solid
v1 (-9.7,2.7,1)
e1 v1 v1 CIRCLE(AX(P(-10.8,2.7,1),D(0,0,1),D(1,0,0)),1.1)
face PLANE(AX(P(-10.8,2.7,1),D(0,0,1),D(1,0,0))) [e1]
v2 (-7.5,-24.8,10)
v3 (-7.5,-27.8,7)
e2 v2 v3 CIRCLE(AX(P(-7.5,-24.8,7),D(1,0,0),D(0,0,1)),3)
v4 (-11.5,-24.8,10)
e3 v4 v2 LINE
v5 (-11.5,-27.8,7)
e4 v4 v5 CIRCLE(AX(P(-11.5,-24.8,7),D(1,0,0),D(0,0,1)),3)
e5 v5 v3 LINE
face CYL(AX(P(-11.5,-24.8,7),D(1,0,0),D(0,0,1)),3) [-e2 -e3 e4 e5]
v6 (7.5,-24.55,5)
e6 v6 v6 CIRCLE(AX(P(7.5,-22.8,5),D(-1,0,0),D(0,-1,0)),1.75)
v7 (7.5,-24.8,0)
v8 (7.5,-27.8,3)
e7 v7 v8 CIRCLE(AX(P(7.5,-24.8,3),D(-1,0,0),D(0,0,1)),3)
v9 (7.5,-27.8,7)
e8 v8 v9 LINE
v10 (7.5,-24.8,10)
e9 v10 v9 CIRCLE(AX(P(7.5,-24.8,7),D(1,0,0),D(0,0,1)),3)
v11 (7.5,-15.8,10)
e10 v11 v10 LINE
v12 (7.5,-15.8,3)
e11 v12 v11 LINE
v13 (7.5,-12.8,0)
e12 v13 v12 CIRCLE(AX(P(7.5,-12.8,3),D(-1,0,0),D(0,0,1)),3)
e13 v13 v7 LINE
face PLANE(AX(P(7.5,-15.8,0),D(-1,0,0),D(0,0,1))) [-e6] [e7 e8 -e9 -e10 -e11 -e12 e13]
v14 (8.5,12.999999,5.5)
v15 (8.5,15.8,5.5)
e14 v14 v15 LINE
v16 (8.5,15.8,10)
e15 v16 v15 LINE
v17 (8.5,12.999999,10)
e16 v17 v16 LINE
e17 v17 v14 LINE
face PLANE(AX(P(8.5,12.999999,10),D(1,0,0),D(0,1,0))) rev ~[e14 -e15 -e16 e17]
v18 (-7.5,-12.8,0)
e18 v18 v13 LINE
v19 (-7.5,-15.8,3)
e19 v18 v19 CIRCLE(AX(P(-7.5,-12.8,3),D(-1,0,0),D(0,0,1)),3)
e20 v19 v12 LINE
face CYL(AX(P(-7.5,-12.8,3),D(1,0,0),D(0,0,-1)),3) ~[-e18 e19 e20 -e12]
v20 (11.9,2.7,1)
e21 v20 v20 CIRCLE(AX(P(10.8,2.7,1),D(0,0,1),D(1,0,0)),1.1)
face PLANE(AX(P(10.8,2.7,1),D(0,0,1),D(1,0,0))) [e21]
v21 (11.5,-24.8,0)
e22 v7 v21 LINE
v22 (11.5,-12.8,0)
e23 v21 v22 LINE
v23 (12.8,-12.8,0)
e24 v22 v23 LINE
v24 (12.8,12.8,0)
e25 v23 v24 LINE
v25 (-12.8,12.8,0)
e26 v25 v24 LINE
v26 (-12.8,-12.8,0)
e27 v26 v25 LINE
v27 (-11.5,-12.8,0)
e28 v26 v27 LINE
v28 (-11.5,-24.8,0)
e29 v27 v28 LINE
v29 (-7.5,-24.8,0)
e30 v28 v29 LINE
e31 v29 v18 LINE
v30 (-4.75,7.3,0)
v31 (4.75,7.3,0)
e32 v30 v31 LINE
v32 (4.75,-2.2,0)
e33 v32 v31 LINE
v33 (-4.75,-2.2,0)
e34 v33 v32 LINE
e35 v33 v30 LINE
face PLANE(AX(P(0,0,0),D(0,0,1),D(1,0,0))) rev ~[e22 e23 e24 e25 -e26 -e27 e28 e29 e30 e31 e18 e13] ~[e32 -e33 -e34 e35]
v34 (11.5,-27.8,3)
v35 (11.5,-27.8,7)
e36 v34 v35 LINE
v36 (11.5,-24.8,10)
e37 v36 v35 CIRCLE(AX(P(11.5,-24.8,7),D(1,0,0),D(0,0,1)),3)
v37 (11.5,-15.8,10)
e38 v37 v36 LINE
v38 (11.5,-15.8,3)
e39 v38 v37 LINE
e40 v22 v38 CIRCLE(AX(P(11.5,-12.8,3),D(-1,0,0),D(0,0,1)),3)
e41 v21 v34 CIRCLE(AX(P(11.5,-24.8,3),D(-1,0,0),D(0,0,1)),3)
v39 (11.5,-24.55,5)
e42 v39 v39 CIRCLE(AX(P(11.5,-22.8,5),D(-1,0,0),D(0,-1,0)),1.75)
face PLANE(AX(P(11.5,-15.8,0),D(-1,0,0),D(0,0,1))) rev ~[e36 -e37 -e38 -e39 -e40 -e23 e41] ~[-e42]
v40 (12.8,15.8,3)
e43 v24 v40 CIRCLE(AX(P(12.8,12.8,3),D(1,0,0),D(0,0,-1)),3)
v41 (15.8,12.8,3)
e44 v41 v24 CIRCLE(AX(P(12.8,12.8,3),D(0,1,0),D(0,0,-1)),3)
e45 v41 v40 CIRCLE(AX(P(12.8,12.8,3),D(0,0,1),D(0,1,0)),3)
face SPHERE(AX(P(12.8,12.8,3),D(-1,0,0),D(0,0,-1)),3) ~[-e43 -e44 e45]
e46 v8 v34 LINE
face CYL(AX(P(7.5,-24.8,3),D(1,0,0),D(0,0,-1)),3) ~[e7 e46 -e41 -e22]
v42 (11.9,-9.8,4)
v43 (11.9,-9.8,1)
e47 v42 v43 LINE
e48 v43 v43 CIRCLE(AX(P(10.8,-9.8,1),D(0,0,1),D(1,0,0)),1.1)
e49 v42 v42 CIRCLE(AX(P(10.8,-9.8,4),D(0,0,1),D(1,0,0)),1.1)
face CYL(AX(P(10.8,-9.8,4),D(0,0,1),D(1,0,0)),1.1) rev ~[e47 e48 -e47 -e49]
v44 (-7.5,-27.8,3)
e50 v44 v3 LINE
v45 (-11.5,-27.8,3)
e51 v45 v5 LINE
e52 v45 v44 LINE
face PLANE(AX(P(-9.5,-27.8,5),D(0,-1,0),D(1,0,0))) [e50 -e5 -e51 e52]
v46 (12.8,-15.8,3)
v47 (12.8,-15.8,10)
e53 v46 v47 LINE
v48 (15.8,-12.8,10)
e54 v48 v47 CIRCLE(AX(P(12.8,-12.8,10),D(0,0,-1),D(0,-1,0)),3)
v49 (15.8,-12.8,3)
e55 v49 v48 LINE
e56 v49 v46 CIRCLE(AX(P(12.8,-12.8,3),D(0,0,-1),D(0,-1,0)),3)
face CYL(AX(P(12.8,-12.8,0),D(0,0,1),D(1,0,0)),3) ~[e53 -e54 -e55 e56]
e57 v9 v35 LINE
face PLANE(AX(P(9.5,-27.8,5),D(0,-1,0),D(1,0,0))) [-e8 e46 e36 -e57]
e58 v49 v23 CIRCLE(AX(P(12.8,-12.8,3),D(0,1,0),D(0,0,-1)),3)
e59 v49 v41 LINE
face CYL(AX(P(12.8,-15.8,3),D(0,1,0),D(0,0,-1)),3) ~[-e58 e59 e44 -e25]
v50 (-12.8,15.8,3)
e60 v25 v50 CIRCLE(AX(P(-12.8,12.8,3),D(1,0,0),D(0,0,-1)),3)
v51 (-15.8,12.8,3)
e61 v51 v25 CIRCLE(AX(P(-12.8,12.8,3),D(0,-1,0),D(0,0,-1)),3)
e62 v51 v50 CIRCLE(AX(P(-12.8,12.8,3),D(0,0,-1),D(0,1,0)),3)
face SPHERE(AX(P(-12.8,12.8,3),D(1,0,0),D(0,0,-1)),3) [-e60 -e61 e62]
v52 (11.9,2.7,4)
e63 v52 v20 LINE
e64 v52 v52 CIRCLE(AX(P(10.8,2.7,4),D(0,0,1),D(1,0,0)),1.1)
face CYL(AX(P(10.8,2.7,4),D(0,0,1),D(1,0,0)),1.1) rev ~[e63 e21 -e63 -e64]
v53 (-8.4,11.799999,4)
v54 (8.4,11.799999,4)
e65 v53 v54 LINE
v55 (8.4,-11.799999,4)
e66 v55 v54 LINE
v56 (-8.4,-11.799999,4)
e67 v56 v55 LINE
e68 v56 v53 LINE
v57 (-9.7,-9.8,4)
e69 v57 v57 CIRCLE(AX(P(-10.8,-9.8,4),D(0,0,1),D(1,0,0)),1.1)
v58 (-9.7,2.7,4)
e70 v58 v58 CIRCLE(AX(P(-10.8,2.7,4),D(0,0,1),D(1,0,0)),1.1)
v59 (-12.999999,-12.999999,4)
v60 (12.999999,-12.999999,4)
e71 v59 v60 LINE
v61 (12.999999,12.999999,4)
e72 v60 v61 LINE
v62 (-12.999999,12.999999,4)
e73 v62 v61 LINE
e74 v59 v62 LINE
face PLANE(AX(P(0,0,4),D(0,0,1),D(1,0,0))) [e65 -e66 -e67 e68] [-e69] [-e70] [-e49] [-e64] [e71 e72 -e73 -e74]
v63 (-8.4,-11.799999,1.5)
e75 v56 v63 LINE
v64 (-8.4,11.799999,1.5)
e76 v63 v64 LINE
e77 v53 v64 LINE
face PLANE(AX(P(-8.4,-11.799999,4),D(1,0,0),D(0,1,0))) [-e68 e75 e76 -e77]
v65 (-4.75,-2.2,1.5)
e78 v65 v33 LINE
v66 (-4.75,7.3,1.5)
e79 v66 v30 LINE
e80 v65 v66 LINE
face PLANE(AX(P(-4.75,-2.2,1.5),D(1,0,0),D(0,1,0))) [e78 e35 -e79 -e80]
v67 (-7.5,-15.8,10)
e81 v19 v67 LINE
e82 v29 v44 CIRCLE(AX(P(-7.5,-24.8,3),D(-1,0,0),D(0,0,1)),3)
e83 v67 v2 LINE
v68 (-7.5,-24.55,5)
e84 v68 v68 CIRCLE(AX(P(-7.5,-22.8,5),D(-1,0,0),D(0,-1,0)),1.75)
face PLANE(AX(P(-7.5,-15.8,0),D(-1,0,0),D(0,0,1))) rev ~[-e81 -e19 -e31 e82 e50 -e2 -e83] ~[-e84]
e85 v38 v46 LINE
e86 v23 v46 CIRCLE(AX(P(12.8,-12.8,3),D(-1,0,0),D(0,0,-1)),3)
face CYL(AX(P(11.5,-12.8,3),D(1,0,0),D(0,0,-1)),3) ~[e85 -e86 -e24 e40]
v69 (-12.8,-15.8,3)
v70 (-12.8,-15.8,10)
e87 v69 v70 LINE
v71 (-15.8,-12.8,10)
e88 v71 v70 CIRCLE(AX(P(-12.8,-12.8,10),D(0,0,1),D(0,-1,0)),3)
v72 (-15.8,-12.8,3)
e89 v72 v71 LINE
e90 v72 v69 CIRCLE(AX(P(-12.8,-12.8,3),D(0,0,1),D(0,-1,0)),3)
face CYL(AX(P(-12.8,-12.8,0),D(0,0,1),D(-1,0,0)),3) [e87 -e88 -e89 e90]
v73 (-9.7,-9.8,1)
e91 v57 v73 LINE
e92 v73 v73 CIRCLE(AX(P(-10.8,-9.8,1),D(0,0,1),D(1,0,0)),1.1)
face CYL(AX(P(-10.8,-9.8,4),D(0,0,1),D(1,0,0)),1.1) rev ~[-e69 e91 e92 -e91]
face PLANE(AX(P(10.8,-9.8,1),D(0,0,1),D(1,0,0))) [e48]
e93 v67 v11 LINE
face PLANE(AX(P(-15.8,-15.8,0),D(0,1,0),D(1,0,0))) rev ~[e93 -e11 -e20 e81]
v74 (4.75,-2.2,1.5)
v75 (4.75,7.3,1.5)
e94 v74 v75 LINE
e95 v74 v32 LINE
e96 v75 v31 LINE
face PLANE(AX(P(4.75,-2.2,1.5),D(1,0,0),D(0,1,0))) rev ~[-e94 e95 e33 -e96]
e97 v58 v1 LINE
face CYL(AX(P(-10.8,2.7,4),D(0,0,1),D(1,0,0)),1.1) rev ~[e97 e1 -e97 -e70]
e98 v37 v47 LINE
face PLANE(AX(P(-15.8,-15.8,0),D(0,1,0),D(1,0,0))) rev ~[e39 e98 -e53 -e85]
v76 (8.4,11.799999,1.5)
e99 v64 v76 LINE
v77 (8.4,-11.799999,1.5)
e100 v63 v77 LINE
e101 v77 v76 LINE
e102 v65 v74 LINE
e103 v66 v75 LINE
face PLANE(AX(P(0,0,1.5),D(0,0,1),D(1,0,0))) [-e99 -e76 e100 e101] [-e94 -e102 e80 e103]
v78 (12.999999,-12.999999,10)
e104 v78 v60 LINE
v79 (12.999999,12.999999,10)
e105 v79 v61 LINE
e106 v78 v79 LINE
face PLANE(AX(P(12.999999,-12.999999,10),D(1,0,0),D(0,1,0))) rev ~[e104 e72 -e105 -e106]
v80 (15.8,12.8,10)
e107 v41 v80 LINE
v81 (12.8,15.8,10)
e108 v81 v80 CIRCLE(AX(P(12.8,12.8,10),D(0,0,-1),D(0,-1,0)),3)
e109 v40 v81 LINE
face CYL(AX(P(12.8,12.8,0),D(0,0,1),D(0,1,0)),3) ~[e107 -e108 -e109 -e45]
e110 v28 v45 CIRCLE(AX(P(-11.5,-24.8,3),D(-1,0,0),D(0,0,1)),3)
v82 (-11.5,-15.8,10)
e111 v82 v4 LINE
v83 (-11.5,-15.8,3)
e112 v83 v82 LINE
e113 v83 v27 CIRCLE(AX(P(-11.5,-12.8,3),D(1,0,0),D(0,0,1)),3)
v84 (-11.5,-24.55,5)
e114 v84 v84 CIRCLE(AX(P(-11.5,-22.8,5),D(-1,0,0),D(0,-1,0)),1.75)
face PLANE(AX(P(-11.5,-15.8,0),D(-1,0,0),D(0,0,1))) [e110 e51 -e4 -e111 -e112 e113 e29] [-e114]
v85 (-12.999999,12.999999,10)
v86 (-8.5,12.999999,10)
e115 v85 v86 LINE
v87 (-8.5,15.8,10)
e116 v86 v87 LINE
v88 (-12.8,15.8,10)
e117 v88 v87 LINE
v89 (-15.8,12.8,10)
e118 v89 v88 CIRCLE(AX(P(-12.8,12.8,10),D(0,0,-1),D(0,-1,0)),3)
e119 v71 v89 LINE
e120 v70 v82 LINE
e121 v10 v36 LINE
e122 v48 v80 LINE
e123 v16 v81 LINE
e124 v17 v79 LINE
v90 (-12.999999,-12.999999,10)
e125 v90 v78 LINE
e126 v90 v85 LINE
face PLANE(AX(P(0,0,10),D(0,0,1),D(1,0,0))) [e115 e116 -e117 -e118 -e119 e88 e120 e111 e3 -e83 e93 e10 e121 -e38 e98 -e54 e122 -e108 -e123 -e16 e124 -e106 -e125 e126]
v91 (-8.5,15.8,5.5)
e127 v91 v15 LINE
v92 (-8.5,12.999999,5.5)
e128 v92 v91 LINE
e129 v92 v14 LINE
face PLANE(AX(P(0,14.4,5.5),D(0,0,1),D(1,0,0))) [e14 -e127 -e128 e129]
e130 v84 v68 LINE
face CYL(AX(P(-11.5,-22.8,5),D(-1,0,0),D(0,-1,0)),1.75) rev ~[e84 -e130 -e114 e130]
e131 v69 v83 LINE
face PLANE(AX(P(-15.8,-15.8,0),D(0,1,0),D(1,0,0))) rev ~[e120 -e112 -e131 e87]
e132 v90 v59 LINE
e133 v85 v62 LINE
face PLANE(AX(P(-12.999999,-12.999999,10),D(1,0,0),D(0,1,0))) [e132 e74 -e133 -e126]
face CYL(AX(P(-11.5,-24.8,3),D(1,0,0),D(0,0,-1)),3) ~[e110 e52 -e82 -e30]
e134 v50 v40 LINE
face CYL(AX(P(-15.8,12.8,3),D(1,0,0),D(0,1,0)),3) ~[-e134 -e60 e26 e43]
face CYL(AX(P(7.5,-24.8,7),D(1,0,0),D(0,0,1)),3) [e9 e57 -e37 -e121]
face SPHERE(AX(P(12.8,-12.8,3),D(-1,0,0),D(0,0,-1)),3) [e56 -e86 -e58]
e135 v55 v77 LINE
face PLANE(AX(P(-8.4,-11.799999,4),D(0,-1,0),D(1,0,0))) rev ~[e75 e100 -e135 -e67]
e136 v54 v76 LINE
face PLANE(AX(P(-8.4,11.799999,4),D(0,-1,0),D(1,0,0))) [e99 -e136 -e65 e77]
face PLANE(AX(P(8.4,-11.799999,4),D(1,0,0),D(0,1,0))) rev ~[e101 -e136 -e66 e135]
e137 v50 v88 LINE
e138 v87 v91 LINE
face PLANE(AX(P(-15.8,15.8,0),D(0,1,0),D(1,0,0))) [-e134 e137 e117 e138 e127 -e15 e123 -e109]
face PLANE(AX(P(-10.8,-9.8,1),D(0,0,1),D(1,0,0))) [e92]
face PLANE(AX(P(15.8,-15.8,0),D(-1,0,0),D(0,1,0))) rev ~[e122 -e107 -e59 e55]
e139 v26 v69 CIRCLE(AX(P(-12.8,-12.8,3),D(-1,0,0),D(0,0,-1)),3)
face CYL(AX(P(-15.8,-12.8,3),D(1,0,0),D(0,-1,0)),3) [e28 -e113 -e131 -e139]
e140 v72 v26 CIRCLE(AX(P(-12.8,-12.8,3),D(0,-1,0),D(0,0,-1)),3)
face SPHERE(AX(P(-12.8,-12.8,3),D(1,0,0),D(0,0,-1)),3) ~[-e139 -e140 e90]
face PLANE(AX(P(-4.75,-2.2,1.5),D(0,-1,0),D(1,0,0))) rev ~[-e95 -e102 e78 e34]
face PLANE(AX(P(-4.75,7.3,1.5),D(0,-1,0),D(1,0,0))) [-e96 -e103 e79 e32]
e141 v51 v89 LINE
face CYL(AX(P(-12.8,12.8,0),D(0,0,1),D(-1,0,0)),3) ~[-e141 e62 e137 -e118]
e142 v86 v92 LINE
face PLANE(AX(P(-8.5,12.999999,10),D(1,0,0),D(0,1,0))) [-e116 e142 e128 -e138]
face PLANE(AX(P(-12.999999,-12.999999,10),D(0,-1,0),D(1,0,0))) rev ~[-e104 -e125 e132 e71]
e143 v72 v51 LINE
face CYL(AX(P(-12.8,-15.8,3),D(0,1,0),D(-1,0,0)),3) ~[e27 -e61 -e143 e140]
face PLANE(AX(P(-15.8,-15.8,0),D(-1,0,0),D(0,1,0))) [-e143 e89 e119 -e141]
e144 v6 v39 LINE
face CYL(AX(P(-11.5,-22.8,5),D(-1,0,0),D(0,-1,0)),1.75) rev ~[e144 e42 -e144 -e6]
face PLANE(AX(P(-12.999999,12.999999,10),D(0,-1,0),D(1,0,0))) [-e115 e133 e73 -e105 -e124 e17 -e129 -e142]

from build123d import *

# Parameters (mm, degrees)
SKETCH2_W           = 31.6
SKETCH2_H           = 31.6
BOSS_EXTRUDE1_DEPTH = 10
SKETCH13_W          = 4
SKETCH13_H          = 10
BOSS_EXTRUDE2_DEPTH = 12
SKETCH14_R          = 1.75
CUT_EXTRUDE5_DEPTH  = 30
SKETCH9_W           = 25.999998474
SKETCH9_H           = 25.999998474
CUT_EXTRUDE1_DEPTH  = 6
SKETCH10_W          = 16.8
SKETCH10_H          = 23.599998474
CUT_EXTRUDE2_DEPTH  = 2.5
SKETCH11_W          = 9.5
SKETCH11_H          = 9.5
CUT_EXTRUDE3_DEPTH  = 2.5
SKETCH12_R          = 1.1
CUT_EXTRUDE4_DEPTH  = 3
FILLET1_R           = 3
SKETCH15_W          = 17
SKETCH15_H          = 2.800000763
CUT_EXTRUDE6_DEPTH  = 4.5


with BuildPart() as part:
    # Sketch2 → Boss-Extrude1 (new body)
    with BuildSketch(Plane.XY):
        Rectangle(SKETCH2_W, SKETCH2_H)
    extrude(amount=BOSS_EXTRUDE1_DEPTH)

    # Sketch13 → Boss-Extrude2 (add)
    with BuildSketch(Plane.XZ.offset(15.8)):
        with Locations((-9.5, 5)):
            Rectangle(SKETCH13_W, SKETCH13_H)
        with Locations((9.5, 5)):
            Rectangle(SKETCH13_W, SKETCH13_H)
    extrude(amount=BOSS_EXTRUDE2_DEPTH)

    # Sketch14 → Cut-Extrude5 (cut)
    with BuildSketch(Plane.ZY.offset(11.5)):
        with Locations(Location((5, -22.8, 0), (0, 0, 270))):
            Circle(SKETCH14_R)
    extrude(amount=-CUT_EXTRUDE5_DEPTH, mode=Mode.SUBTRACT)

    # Sketch9 → Cut-Extrude1 (cut)
    with BuildSketch(Plane.XY.offset(10)):
        Rectangle(SKETCH9_W, SKETCH9_H)
    extrude(amount=-CUT_EXTRUDE1_DEPTH, mode=Mode.SUBTRACT)

    # Sketch10 → Cut-Extrude2 (cut)
    with BuildSketch(Plane.XY.offset(4)):
        Rectangle(SKETCH10_W, SKETCH10_H)
    extrude(amount=-CUT_EXTRUDE2_DEPTH, mode=Mode.SUBTRACT)

    # Sketch11 → Cut-Extrude3 (cut)
    with BuildSketch(Plane.XY.offset(1.5)):
        with Locations((0, 2.549999952)):
            Rectangle(SKETCH11_W, SKETCH11_H)
    extrude(amount=-CUT_EXTRUDE3_DEPTH, mode=Mode.SUBTRACT)

    # Sketch12 → Cut-Extrude4 (cut)
    with BuildSketch(Plane.XY.offset(4)):
        with Locations((-10.800000191, 2.700000048)):
            Circle(SKETCH12_R)
        with Locations((10.800000191, 2.700000048)):
            Circle(SKETCH12_R)
        with Locations((10.800000191, -9.800000191)):
            Circle(SKETCH12_R)
        with Locations((-10.800000191, -9.800000191)):
            Circle(SKETCH12_R)
    extrude(amount=-CUT_EXTRUDE4_DEPTH, mode=Mode.SUBTRACT)

    # Fillet1
    fillet1_edges = [part.edges().sort_by_distance(p)[0] for p in [
        (0, -15.8, 0),
        (-9.5, -27.8, 0),
        (-9.5, -27.8, 10),
        (13.65, -15.8, 0),
        (9.5, -27.8, 0),
        (9.5, -27.8, 10),
        (0, 15.8, 0),
        (15.8, 0, 0),
        (-13.65, -15.8, 0),
        (-15.8, 0, 0),
        (-15.8, 15.8, 5),
        (15.8, 15.8, 5),
        (15.8, -15.8, 5),
        (-15.8, -15.8, 5),
    ]]
    fillet(fillet1_edges, radius=FILLET1_R)

    # Sketch15 → Cut-Extrude6 (cut)
    with BuildSketch(Plane.XY.offset(10)):
        with Locations((0, 14.399999619)):
            Rectangle(SKETCH15_W, SKETCH15_H)
    extrude(amount=-CUT_EXTRUDE6_DEPTH, mode=Mode.SUBTRACT)


solid = part.part
